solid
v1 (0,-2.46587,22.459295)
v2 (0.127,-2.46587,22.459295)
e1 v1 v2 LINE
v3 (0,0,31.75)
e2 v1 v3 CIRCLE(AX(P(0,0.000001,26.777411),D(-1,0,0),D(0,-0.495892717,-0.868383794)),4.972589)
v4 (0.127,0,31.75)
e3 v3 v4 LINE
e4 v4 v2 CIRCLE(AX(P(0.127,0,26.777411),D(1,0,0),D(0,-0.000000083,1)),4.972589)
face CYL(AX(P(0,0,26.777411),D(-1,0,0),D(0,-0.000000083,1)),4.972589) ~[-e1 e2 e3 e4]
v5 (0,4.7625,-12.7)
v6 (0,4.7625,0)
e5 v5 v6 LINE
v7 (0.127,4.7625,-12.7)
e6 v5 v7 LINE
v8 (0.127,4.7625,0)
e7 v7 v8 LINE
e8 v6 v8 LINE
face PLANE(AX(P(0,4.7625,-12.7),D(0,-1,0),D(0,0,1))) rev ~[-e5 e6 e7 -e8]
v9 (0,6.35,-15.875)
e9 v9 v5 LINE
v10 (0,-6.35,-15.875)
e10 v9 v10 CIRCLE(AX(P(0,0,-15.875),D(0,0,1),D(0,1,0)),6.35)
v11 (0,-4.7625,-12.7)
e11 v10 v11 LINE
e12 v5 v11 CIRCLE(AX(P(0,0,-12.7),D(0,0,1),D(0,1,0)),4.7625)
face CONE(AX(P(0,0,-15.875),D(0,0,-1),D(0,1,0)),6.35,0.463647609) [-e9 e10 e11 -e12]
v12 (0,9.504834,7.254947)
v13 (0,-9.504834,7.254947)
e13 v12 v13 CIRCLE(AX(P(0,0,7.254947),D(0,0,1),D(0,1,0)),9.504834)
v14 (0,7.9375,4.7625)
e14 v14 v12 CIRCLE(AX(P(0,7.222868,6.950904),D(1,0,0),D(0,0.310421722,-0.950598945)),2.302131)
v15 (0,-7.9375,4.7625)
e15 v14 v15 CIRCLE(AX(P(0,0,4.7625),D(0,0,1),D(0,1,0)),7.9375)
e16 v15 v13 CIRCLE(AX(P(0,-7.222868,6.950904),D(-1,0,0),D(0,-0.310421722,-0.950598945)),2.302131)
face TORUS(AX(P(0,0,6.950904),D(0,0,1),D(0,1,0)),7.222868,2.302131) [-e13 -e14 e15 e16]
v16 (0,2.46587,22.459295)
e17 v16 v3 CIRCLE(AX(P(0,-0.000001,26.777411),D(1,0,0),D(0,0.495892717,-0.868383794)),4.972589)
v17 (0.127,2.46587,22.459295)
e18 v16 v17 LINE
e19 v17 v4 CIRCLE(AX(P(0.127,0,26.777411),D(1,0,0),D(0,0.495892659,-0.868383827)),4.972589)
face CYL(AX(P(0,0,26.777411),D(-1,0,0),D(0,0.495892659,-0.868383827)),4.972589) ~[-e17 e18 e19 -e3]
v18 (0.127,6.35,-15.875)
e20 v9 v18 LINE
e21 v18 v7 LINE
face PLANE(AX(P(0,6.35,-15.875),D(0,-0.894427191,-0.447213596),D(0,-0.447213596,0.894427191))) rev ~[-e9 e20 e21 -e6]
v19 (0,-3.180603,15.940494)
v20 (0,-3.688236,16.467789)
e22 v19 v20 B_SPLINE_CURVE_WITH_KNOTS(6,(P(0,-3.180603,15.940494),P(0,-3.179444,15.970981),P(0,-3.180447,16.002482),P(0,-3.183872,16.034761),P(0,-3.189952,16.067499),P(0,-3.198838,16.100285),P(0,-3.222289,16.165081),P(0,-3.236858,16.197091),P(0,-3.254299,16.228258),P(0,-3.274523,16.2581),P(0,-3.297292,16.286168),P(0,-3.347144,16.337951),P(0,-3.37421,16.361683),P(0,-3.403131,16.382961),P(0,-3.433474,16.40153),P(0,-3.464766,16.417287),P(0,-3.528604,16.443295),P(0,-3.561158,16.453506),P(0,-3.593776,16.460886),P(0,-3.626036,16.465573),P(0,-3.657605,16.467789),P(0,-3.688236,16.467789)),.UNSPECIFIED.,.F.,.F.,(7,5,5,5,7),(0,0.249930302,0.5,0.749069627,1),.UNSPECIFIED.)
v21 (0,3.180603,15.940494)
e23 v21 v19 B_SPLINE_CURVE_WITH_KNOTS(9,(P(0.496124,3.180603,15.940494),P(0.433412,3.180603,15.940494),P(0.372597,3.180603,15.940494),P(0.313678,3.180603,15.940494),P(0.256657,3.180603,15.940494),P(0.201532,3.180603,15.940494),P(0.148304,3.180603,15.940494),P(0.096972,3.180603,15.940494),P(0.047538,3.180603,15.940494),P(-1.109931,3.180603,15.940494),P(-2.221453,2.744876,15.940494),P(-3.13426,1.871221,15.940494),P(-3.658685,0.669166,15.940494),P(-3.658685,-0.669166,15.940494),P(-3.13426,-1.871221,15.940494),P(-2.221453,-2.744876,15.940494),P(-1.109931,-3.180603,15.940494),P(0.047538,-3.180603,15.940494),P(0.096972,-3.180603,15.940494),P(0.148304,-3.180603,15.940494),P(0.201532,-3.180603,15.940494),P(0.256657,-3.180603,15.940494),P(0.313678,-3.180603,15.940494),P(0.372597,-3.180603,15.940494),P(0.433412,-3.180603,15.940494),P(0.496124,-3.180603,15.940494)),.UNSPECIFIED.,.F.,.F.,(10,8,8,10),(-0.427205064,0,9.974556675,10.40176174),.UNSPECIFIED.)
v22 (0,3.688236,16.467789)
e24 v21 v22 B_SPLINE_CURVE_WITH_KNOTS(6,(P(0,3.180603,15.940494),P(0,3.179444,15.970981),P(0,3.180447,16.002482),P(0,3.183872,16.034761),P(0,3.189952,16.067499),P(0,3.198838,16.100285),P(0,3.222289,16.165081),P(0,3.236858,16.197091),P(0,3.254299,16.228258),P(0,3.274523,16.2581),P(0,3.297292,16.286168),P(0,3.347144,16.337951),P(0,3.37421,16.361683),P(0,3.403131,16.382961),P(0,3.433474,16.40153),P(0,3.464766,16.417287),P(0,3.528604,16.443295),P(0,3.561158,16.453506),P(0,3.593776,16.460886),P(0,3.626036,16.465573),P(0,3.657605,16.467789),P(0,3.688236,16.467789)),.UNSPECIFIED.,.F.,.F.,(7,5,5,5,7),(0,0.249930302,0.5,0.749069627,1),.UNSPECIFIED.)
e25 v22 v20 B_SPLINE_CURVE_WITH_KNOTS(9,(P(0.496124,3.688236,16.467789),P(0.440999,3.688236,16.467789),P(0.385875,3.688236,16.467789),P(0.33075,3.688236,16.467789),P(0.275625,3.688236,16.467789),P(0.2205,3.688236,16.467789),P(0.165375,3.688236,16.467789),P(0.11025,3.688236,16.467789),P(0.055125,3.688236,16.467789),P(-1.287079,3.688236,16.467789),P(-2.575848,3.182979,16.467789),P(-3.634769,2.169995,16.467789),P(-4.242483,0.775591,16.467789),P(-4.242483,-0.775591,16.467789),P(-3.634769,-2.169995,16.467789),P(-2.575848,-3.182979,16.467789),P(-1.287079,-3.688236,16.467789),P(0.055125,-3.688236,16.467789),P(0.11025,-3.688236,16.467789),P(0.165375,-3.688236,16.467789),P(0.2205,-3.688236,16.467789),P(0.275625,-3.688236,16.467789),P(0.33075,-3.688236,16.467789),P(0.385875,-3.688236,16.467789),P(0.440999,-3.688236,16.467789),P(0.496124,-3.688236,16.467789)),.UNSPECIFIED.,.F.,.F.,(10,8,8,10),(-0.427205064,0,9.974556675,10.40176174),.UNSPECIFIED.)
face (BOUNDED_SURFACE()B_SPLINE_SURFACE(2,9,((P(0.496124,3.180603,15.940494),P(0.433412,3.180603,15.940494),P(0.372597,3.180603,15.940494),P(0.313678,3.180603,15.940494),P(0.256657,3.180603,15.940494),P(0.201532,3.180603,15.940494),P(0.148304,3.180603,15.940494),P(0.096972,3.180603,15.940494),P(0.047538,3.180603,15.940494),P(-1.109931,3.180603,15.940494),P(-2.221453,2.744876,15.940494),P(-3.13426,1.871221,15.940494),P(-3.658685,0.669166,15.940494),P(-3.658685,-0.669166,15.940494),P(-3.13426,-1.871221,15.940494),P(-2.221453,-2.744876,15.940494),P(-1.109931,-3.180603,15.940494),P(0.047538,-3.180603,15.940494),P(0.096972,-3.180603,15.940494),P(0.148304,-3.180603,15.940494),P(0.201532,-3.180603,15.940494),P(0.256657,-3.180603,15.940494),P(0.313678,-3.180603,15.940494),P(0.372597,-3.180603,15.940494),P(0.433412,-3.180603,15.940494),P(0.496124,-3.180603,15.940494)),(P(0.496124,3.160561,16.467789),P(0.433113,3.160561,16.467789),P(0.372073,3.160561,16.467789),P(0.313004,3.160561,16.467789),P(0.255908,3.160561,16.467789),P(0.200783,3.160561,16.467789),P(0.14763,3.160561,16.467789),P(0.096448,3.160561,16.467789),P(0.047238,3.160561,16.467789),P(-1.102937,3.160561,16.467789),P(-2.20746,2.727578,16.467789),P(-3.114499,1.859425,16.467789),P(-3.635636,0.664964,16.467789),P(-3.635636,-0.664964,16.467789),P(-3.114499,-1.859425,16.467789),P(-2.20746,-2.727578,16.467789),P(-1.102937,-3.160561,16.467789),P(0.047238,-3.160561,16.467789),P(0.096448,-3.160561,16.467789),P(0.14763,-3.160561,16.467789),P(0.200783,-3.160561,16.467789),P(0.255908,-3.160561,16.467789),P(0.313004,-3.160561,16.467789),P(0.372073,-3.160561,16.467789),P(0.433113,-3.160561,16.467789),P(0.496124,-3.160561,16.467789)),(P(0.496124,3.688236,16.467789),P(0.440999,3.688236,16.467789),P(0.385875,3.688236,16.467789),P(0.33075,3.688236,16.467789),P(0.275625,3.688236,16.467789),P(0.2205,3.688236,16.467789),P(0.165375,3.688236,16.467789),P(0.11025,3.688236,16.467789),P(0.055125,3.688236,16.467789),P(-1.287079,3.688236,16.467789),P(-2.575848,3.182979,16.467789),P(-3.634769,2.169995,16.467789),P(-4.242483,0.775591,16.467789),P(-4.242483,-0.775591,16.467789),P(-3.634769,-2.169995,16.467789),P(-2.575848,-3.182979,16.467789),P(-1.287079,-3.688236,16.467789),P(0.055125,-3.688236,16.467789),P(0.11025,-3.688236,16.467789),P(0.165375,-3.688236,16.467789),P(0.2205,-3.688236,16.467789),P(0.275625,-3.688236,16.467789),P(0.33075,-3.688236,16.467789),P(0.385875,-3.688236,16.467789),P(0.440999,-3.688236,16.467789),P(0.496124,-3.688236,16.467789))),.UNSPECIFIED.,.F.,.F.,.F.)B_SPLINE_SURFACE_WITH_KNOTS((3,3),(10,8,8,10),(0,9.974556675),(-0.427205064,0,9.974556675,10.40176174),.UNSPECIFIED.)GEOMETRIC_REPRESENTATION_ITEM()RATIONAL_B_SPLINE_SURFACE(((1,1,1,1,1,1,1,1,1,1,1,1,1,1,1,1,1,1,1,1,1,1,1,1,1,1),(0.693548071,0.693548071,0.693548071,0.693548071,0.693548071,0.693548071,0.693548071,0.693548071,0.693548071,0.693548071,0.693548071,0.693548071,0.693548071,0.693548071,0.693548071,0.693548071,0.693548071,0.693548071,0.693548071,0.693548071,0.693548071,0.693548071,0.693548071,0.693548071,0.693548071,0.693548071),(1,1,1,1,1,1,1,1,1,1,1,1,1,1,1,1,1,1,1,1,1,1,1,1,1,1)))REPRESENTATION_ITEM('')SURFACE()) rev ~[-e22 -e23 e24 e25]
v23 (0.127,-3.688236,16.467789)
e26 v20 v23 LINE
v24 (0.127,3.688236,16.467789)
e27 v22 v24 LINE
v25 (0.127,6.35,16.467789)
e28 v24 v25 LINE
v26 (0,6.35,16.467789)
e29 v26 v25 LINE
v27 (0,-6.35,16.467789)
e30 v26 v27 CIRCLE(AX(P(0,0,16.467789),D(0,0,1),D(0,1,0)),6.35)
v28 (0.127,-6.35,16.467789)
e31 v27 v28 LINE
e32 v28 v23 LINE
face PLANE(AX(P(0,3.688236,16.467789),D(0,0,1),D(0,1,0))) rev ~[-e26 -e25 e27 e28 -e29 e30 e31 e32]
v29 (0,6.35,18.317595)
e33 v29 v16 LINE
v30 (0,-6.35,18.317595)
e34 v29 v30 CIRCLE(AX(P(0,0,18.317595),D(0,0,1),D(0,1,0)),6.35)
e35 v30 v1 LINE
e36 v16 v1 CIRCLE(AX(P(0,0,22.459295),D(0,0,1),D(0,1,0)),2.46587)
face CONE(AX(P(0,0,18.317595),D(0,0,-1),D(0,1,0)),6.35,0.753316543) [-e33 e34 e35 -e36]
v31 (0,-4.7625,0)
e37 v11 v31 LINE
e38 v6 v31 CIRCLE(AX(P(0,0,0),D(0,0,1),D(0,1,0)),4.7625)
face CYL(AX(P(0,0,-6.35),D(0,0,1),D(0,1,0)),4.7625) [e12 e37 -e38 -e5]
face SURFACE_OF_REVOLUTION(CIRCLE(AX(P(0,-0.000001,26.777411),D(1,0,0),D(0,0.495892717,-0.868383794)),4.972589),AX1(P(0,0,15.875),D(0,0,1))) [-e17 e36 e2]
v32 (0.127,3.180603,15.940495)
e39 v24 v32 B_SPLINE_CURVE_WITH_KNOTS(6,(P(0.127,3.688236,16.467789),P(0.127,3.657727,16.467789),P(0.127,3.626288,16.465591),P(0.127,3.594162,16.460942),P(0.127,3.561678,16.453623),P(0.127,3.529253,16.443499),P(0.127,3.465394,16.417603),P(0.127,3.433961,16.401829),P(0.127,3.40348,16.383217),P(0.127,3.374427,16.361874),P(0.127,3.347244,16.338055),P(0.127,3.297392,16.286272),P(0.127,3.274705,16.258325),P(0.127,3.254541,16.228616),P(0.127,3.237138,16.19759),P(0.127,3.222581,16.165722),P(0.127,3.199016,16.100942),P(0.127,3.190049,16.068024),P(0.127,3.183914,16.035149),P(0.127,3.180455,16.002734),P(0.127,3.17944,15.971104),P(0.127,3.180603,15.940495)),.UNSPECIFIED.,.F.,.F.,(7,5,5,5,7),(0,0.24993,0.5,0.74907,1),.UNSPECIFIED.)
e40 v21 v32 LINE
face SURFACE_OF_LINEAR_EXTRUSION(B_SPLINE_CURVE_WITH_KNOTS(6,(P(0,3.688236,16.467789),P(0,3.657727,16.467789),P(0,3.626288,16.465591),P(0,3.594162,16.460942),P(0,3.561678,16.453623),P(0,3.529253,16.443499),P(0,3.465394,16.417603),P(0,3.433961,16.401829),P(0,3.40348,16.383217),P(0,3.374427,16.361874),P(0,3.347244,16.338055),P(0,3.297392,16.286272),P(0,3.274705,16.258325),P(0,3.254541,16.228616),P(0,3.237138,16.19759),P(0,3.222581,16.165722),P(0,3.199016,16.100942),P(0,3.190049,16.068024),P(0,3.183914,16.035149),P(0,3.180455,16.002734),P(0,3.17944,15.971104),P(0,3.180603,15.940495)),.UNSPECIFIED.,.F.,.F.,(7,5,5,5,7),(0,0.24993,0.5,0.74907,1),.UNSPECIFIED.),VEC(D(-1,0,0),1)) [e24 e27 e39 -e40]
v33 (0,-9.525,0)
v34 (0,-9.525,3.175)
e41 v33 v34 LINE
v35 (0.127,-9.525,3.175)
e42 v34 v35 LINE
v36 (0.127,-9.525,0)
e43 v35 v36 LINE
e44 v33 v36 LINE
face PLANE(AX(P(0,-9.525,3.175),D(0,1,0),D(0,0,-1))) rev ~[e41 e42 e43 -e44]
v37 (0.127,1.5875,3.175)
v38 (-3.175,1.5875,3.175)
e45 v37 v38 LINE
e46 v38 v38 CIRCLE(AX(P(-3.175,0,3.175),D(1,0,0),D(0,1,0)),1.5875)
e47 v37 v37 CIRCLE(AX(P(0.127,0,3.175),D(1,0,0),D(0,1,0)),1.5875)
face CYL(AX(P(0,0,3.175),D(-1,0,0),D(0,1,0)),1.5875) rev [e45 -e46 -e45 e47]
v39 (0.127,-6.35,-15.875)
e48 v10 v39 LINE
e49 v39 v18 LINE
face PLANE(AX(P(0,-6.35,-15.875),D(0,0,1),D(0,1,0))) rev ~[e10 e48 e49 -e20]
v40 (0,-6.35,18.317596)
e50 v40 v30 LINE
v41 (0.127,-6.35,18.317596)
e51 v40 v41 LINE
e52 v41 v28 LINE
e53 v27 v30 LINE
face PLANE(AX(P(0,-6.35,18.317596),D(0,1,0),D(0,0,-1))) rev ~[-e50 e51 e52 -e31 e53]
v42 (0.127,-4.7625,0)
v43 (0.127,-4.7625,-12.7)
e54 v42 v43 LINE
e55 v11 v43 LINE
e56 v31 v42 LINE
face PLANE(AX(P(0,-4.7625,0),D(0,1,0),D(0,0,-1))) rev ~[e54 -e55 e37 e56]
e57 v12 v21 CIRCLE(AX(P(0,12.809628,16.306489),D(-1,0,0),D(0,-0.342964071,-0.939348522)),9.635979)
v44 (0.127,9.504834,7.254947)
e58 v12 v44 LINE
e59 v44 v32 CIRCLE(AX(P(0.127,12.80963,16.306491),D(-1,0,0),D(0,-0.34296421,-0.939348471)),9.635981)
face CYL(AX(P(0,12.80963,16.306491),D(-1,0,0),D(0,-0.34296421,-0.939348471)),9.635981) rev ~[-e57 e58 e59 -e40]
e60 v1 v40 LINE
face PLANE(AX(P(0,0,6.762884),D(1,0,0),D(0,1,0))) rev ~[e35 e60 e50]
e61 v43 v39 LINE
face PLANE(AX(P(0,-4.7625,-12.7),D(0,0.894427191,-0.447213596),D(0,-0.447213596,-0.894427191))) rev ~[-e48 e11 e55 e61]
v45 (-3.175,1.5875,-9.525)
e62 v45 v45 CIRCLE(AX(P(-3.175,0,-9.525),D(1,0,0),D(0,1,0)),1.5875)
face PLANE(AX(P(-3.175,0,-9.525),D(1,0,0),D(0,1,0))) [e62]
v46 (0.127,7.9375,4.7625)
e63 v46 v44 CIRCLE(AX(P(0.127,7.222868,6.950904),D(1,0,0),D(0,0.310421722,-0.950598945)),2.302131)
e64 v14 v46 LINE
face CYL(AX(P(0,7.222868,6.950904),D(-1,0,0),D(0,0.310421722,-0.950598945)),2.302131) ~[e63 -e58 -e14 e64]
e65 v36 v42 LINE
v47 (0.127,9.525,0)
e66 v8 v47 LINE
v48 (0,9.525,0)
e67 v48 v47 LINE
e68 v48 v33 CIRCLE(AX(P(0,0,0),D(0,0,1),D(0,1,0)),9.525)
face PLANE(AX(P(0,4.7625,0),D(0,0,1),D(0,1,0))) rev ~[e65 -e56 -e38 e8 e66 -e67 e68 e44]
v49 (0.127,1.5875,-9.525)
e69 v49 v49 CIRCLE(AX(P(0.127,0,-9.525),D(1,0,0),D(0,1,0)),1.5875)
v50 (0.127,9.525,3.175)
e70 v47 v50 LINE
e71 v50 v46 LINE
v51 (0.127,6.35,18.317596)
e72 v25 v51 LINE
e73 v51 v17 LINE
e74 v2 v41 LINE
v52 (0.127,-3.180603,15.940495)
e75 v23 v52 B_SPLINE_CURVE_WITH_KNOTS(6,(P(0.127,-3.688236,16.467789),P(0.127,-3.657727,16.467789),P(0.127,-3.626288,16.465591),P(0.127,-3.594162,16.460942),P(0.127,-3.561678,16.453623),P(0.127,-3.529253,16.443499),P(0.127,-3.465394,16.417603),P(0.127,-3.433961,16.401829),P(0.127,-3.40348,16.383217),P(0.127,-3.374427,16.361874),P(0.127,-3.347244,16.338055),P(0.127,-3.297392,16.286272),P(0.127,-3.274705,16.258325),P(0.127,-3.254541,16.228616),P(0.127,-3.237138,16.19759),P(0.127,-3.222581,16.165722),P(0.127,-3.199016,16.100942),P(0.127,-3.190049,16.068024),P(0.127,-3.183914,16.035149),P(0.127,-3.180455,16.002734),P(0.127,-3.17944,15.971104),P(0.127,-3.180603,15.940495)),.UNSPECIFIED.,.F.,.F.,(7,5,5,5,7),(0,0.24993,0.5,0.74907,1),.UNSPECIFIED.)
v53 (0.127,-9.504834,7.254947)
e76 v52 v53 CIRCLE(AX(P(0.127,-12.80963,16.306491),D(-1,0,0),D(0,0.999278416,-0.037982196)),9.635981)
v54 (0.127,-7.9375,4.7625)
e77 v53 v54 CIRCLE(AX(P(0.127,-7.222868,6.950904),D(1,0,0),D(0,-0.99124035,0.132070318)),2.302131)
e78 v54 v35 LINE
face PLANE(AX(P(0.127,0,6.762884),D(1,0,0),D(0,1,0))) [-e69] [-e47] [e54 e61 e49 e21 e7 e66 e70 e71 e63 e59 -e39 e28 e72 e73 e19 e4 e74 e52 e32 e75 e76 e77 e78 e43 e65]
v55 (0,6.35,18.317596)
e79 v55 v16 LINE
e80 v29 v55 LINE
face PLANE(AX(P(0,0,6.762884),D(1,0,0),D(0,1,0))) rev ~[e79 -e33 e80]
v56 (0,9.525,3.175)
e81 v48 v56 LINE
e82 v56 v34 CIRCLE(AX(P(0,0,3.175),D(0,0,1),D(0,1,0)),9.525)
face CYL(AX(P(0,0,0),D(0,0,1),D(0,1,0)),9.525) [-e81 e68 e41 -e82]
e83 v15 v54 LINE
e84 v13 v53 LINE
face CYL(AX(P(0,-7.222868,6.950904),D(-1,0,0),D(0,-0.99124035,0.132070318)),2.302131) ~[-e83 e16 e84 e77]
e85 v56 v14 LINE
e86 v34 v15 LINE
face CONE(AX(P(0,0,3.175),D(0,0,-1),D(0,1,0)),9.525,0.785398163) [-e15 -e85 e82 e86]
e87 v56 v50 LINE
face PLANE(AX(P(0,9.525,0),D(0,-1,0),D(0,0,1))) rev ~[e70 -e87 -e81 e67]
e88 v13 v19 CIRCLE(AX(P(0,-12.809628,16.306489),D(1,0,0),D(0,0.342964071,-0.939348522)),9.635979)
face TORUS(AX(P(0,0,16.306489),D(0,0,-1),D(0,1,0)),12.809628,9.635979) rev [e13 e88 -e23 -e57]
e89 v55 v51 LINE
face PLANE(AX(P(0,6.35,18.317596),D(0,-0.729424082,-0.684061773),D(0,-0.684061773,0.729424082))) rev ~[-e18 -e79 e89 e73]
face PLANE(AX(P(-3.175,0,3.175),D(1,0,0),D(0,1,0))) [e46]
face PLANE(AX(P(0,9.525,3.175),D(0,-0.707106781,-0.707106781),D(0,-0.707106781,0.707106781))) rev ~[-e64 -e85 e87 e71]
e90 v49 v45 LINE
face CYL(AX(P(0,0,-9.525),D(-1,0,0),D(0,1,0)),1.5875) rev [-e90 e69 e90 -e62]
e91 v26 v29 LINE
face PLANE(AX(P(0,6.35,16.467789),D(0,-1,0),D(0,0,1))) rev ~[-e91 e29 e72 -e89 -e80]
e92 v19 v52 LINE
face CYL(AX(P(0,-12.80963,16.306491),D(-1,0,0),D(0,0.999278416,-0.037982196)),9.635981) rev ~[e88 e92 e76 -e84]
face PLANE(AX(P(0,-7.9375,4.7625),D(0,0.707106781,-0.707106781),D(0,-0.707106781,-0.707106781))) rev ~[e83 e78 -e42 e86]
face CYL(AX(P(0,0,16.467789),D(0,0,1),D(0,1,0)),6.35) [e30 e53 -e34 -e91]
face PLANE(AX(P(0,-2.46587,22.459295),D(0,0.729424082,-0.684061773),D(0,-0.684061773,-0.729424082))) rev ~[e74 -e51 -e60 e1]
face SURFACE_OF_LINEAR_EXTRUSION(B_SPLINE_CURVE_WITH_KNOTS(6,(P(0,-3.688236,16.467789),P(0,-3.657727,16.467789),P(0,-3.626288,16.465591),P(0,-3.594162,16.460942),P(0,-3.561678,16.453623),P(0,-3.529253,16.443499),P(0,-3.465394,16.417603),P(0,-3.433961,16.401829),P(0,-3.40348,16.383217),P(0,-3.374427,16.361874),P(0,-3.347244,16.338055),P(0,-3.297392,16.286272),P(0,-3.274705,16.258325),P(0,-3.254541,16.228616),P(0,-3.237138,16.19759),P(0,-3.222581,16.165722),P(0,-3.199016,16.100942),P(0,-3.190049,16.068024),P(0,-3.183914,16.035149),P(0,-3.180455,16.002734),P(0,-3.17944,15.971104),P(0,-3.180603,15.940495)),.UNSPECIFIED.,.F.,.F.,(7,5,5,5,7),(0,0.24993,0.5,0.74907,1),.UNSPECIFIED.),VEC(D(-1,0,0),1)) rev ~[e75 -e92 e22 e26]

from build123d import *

# Parameters (mm, degrees)
F0_W      = 4.7625
F0_H      = 12.7
F1_ANGLE  = 180
F2_R      = 1.5875
F3_DEPTH  = 3.175
F4_R      = 0.508
F1_FACE_R = 1.5875
F5_DEPTH  = 0.127


with BuildPart() as f1:
    # F0 (on Right) → F1 (revolve)
    with BuildSketch(Plane.YZ):
        with BuildLine():
            Line((0, 31.75), (0, 0))
            Line((0, 0), (4.7625, 0))
            Line((4.7625, 0), (9.525, 0))
            Line((9.525, 0), (9.525, 3.175))
            Line((9.525, 3.175), (7.9375, 4.7625))
            ThreePointArc((7.9375, 4.7625), (9.171707, 5.725409), (9.504834, 7.254947))
            ThreePointArc((9.504834, 7.254947), (4.867571, 10.849768), (3.175, 16.467789))
            Line((3.175, 16.467789), (6.35, 16.467789))
            Line((6.35, 16.467789), (6.35, 18.317595))
            Line((6.35, 18.317595), (2.46587, 22.459295))
            ThreePointArc((2.46587, 22.459295), (4.806186, 28.053033), (0, 31.75))
        make_face()
        with Locations((2.38125, -6.35)):
            Rectangle(F0_W, F0_H)
        Polygon((4.7625, -12.7), (0, -12.7), (0, -15.875), (6.35, -15.875), align=None)
    revolve(axis=Axis((0, 0, 15.875), (0, 0, 1)), revolution_arc=F1_ANGLE)

    # F2 (on face) → F3 (cut)
    with BuildSketch(Plane.YZ):
        with Locations((0, 3.175)):
            Circle(F2_R)
        with Locations((0, -9.525)):
            Circle(F2_R)
    extrude(amount=-F3_DEPTH, mode=Mode.SUBTRACT)

    # F4
    f4_edges = [f1.edges().sort_by_distance(p)[0] for p in [
        (-3.175, 0, 16.467789),
    ]]
    fillet(f4_edges, radius=F4_R)

    # F1_face (on face) → F5 (join)
    with BuildSketch(Plane(origin=(0, 0, 6.530127), x_dir=(0, 1, 0), z_dir=(1, 0, 0))):
        with BuildLine():
            Line((3.688236, 9.937662), (6.35, 9.937662))
            Line((6.35, 9.937662), (6.35, 11.787469))
            Line((6.35, 11.787469), (2.46587, 15.929168))
            ThreePointArc((2.46587, 15.929168), (4.806186, 21.522907), (0, 25.219873))
            ThreePointArc((0, 25.219873), (-4.806186, 21.522907), (-2.46587, 15.929168))
            Line((-2.46587, 15.929168), (-6.35, 11.787469))
            Line((-6.35, 11.787469), (-6.35, 9.937662))
            Line((-6.35, 9.937662), (-3.688236, 9.937662))
            add(Edge.make_bspline(
                [(-3.688236, 9.937662), (-3.657727, 9.937662), (-3.626288, 9.935464), (-3.594162, 9.930815), (-3.561678, 9.923496), (-3.529253, 9.913372), (-3.465394, 9.887476), (-3.433961, 9.871702), (-3.40348, 9.85309), (-3.374427, 9.831747), (-3.347244, 9.807928), (-3.297392, 9.756145), (-3.274705, 9.728198), (-3.254541, 9.698489), (-3.237138, 9.667463), (-3.222581, 9.635595), (-3.199016, 9.570815), (-3.190049, 9.537897), (-3.183914, 9.505022), (-3.180455, 9.472607), (-3.17944, 9.440977), (-3.180603, 9.410368)],
                knots=[0, 0, 0, 0, 0, 0, 0, 0.24993, 0.24993, 0.24993, 0.24993, 0.24993, 0.5, 0.5, 0.5, 0.5, 0.5, 0.74907, 0.74907, 0.74907, 0.74907, 0.74907, 1, 1, 1, 1, 1, 1, 1], degree=6))
            ThreePointArc((-3.180603, 9.410368), (-5.019853, 4.104372), (-9.504834, 0.72482))
            ThreePointArc((-9.504834, 0.72482), (-9.171707, -0.804718), (-7.9375, -1.767627))
            Line((-7.9375, -1.767627), (-9.525, -3.355127))
            Line((-9.525, -3.355127), (-9.525, -6.530127))
            Line((-9.525, -6.530127), (-4.7625, -6.530127))
            Line((-4.7625, -6.530127), (-4.7625, -19.230127))
            Line((-4.7625, -19.230127), (-6.35, -22.405127))
            Line((-6.35, -22.405127), (6.35, -22.405127))
            Line((6.35, -22.405127), (4.7625, -19.230127))
            Line((4.7625, -19.230127), (4.7625, -6.530127))
            Line((4.7625, -6.530127), (9.525, -6.530127))
            Line((9.525, -6.530127), (9.525, -3.355127))
            Line((9.525, -3.355127), (7.9375, -1.767627))
            ThreePointArc((7.9375, -1.767627), (9.171707, -0.804718), (9.504834, 0.72482))
            ThreePointArc((9.504834, 0.72482), (5.019853, 4.104372), (3.180603, 9.410368))
            add(Edge.make_bspline(
                [(3.688236, 9.937662), (3.657727, 9.937662), (3.626288, 9.935464), (3.594162, 9.930815), (3.561678, 9.923496), (3.529253, 9.913372), (3.465394, 9.887476), (3.433961, 9.871702), (3.40348, 9.85309), (3.374427, 9.831747), (3.347244, 9.807928), (3.297392, 9.756145), (3.274705, 9.728198), (3.254541, 9.698489), (3.237138, 9.667463), (3.222581, 9.635595), (3.199016, 9.570815), (3.190049, 9.537897), (3.183914, 9.505022), (3.180455, 9.472607), (3.17944, 9.440977), (3.180603, 9.410368)],
                knots=[0, 0, 0, 0, 0, 0, 0, 0.24993, 0.24993, 0.24993, 0.24993, 0.24993, 0.5, 0.5, 0.5, 0.5, 0.5, 0.74907, 0.74907, 0.74907, 0.74907, 0.74907, 1, 1, 1, 1, 1, 1, 1], degree=6))
        make_face()
        with Locations((0, -16.055127)):
            Circle(F1_FACE_R, mode=Mode.SUBTRACT)
        with Locations((0, -3.355127)):
            Circle(F1_FACE_R, mode=Mode.SUBTRACT)
    extrude(amount=F5_DEPTH)


solid = f1.part
